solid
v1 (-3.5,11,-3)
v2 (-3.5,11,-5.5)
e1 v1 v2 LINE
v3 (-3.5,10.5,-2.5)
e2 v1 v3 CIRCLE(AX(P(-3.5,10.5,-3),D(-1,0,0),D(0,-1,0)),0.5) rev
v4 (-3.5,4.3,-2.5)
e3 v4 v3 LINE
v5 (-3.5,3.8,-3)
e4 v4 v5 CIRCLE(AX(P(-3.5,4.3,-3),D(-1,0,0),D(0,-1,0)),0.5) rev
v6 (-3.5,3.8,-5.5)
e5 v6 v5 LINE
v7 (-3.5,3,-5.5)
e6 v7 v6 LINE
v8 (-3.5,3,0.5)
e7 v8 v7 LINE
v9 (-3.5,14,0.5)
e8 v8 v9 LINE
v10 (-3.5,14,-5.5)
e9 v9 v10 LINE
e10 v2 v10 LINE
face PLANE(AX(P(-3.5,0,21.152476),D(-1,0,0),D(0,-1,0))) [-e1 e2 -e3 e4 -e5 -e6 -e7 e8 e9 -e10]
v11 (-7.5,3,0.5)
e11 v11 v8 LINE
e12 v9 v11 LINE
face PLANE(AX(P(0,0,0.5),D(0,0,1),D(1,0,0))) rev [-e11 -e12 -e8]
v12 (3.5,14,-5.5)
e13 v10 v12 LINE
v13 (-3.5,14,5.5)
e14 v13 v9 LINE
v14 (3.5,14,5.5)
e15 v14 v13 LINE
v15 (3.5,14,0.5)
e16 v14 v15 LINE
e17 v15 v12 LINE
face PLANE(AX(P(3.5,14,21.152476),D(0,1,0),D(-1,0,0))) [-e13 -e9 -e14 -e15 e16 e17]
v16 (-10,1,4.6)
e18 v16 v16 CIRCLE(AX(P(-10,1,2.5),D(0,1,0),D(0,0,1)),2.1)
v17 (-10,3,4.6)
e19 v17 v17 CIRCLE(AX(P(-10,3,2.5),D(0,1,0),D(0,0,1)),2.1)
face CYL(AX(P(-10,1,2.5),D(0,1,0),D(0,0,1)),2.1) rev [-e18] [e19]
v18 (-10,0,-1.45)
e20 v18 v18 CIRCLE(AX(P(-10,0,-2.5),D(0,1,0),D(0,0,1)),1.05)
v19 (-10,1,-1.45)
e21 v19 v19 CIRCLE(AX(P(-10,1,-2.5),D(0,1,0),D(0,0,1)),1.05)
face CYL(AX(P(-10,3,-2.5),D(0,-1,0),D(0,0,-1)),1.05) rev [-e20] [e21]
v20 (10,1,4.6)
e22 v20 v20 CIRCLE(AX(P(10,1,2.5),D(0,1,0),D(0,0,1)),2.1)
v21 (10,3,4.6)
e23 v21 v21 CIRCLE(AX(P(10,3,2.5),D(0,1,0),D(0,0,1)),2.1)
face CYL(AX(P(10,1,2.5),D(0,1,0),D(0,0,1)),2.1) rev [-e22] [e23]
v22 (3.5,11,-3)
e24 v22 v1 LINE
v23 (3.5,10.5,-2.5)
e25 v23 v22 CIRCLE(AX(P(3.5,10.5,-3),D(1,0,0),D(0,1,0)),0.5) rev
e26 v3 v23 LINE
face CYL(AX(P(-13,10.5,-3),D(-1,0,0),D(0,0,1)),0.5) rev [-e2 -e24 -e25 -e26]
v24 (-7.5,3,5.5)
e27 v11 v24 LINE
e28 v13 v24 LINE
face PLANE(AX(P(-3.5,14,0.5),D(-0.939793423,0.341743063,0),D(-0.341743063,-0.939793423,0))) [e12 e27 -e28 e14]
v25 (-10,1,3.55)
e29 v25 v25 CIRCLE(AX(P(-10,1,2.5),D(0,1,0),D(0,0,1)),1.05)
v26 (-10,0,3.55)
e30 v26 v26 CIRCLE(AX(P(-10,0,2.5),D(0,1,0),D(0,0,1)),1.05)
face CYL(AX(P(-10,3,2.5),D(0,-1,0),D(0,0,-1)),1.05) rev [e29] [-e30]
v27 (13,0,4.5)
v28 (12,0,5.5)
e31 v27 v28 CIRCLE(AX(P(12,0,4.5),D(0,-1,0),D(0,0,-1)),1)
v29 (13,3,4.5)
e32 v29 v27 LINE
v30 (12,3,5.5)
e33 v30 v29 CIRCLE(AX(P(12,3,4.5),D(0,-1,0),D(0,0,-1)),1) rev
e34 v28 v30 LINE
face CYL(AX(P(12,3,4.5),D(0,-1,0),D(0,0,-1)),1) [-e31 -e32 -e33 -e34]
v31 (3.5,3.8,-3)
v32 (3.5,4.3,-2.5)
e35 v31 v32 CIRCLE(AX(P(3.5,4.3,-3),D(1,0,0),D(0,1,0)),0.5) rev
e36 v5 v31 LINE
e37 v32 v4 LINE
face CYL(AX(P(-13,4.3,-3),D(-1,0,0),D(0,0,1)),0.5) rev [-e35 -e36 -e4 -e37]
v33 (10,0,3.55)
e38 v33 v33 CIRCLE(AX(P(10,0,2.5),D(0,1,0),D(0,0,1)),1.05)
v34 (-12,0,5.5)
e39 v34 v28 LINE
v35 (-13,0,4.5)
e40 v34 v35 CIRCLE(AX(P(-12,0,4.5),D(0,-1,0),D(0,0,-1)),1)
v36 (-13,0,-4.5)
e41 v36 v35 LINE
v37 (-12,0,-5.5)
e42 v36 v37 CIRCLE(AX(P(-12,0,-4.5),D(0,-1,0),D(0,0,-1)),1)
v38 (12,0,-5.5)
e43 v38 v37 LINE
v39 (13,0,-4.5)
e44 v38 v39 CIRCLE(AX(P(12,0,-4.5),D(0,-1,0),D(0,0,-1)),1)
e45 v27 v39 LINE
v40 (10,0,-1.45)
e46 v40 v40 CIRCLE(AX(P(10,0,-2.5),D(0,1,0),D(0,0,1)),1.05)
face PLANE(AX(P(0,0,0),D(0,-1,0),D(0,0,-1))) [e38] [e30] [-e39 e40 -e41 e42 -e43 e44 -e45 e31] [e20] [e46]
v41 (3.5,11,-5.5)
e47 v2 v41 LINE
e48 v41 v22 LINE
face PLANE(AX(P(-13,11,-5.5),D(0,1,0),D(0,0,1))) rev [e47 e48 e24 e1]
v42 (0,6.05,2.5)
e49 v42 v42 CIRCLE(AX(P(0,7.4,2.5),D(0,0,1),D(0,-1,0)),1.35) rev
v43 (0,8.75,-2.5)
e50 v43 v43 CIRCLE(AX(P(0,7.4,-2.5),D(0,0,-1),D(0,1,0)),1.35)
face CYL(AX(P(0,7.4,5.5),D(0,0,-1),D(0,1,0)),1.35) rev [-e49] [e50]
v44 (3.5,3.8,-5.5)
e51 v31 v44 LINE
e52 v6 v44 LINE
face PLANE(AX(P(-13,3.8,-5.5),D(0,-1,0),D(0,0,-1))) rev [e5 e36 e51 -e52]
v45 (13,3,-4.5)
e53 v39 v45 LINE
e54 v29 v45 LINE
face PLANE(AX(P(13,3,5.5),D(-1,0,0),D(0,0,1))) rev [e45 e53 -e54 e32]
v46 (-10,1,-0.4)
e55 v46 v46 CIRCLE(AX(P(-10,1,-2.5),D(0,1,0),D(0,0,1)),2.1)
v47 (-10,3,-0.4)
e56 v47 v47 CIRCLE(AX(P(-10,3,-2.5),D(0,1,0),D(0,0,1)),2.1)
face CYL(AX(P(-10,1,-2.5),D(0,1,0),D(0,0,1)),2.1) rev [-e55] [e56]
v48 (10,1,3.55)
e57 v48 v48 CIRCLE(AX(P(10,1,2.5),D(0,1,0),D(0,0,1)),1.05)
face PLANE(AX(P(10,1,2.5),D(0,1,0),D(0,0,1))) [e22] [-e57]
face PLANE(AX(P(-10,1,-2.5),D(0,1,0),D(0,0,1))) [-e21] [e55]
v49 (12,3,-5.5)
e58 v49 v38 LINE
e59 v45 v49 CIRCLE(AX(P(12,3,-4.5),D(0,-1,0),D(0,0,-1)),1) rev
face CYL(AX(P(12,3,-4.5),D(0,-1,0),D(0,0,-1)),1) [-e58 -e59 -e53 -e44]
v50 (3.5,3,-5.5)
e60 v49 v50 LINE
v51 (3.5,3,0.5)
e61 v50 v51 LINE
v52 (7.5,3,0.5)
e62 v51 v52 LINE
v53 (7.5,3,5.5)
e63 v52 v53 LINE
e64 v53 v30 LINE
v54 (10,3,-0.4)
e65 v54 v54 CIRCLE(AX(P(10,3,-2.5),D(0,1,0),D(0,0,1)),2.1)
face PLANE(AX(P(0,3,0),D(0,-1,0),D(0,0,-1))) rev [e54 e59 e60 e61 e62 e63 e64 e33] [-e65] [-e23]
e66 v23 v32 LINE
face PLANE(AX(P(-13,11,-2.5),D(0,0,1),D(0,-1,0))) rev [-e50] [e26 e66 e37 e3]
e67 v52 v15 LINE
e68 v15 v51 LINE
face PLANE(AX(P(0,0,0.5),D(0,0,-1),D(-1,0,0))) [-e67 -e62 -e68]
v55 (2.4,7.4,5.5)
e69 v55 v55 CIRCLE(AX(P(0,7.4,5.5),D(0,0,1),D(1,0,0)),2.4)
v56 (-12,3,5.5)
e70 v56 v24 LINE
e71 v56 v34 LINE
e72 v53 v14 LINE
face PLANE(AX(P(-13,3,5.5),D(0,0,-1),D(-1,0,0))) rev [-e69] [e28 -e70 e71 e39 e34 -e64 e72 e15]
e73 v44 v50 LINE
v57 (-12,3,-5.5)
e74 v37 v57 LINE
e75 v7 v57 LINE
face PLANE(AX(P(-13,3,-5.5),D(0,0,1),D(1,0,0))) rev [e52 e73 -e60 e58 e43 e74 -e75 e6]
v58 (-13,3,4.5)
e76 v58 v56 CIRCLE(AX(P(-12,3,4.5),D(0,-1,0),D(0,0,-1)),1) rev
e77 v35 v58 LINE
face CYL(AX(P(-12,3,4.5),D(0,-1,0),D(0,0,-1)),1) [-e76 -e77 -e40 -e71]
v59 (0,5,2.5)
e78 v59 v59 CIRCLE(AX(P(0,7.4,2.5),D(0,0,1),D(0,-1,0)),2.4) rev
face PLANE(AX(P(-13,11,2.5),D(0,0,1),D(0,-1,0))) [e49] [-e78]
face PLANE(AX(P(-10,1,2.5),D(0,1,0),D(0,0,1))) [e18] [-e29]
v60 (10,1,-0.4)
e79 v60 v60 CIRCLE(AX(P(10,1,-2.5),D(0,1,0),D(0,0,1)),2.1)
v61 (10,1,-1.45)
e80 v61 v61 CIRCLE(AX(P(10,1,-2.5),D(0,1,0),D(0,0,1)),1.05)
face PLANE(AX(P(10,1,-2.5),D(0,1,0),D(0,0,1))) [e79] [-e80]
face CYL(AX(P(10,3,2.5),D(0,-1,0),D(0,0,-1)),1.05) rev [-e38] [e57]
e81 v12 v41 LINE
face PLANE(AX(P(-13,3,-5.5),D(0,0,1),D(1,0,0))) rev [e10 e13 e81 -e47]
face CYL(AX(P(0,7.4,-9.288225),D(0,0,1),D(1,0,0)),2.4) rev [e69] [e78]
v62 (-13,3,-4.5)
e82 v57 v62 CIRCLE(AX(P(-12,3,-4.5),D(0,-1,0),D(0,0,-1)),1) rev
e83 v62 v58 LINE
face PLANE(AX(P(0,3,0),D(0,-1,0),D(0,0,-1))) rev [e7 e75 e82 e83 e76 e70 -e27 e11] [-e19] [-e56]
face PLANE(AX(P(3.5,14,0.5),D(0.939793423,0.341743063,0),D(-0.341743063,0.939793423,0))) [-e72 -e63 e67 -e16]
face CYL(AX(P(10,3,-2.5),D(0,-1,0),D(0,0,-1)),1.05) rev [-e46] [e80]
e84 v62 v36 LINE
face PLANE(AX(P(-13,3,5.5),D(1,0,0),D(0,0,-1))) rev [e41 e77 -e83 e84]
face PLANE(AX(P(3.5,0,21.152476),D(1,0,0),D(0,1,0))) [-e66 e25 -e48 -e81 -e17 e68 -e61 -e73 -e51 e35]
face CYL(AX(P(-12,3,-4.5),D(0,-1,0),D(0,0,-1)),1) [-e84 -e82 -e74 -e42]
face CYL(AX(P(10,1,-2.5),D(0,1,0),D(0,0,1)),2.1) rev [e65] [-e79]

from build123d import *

# Parameters (mm, degrees)
SKETCH1_W           = 26
SKETCH1_H           = 11
SKETCH1_R           = 1.05
BOSS_EXTRUDE1_DEPTH = 3
SKETCH10_R          = 2.1
CUT_EXTRUDE6_DEPTH  = 2
SKETCH3_W           = 7
SKETCH3_H           = 14
BOSS_EXTRUDE2_DEPTH = 11
SKETCH6_W           = 3
SKETCH6_H           = 7.2
CUT_EXTRUDE3_DEPTH  = 23.327113562
SKETCH7_R           = 1.35
CUT_EXTRUDE4_DEPTH  = 21.712315177
SKETCH8_R           = 2.4
CUT_EXTRUDE5_DEPTH  = 3
FILLET1_R           = 0.5
FILLET2_R           = 1
BOSS_EXTRUDE3_DEPTH = 5


with BuildPart() as part:
    # Sketch1 → Boss-Extrude1 (new body)
    with BuildSketch(Plane(origin=(0, 0, 0), x_dir=(1, 0, 0), z_dir=(0, 1, 0))):
        Rectangle(SKETCH1_W, SKETCH1_H)
        with Locations(Location((-10, 2.5, 0), (0, 0, 270))):
            Circle(SKETCH1_R, mode=Mode.SUBTRACT)
        with Locations(Location((-10, -2.5, 0), (0, 0, 270))):
            Circle(SKETCH1_R, mode=Mode.SUBTRACT)
        with Locations(Location((10, 2.5, 0), (0, 0, 270))):
            Circle(SKETCH1_R, mode=Mode.SUBTRACT)
        with Locations(Location((10, -2.5, 0), (0, 0, 270))):
            Circle(SKETCH1_R, mode=Mode.SUBTRACT)
    extrude(amount=BOSS_EXTRUDE1_DEPTH)

    # Sketch10 → Cut-Extrude6 (cut)
    with BuildSketch(Plane(origin=(0, 3, 0), x_dir=(1, 0, 0), z_dir=(0, 1, 0))):
        with Locations(Location((-10, 2.5, 0), (0, 0, 270))):
            Circle(SKETCH10_R)
        with Locations(Location((-10, -2.5, 0), (0, 0, 270))):
            Circle(SKETCH10_R)
        with Locations(Location((10, 2.5, 0), (0, 0, 270))):
            Circle(SKETCH10_R)
        with Locations(Location((10, -2.5, 0), (0, 0, 270))):
            Circle(SKETCH10_R)
    extrude(amount=-CUT_EXTRUDE6_DEPTH, mode=Mode.SUBTRACT)

    # Sketch3 → Boss-Extrude2 (add)
    with BuildSketch(Plane(origin=(0, 0, -5.5), x_dir=(-1, 0, 0), z_dir=(0, 0, -1))):
        with Locations((0, 7)):
            Rectangle(SKETCH3_W, SKETCH3_H)
    extrude(amount=-BOSS_EXTRUDE2_DEPTH)

    # Sketch6 → Cut-Extrude3 (cut, through all)
    with BuildSketch(Plane(origin=(3.5, 0, 0), x_dir=(0, 0, -1), z_dir=(1, 0, 0))):
        with Locations((4, 7.4)):
            Rectangle(SKETCH6_W, SKETCH6_H)
    extrude(amount=-CUT_EXTRUDE3_DEPTH, mode=Mode.SUBTRACT)

    # Sketch7 → Cut-Extrude4 (cut, through all)
    with BuildSketch(Plane(origin=(0, 0, -2.5), x_dir=(-1, 0, 0), z_dir=(0, 0, -1))):
        with Locations(Location((0, 7.4, 0), (0, 0, 90))):
            Circle(SKETCH7_R)
    extrude(amount=-CUT_EXTRUDE4_DEPTH, mode=Mode.SUBTRACT)

    # Sketch8 → Cut-Extrude5 (cut)
    with BuildSketch(Plane.XY.offset(5.5)):
        with Locations((0, 7.4)):
            Circle(SKETCH8_R)
    extrude(amount=-CUT_EXTRUDE5_DEPTH, mode=Mode.SUBTRACT)

    # Fillet1
    fillet1_edges = [part.edges().sort_by_distance(p)[0] for p in [
        (0, 3.8, -2.5),
        (0, 11, -2.5),
    ]]
    fillet(fillet1_edges, radius=FILLET1_R)

    # Fillet2
    fillet2_edges = [part.edges().sort_by_distance(p)[0] for p in [
        (13, 1.5, 5.5),
        (-13, 1.5, 5.5),
        (-13, 1.5, -5.5),
        (13, 1.5, -5.5),
    ]]
    fillet(fillet2_edges, radius=FILLET2_R)

    # Sketch9 → Boss-Extrude3 (add)
    with BuildSketch(Plane.XY.offset(5.5)):
        Polygon((3.5, 3), (3.5, 14), (7.5, 3), align=None)
        Polygon((-7.5, 3), (-3.5, 3), (-3.5, 14), align=None)
    extrude(amount=-BOSS_EXTRUDE3_DEPTH)


solid = part.part
